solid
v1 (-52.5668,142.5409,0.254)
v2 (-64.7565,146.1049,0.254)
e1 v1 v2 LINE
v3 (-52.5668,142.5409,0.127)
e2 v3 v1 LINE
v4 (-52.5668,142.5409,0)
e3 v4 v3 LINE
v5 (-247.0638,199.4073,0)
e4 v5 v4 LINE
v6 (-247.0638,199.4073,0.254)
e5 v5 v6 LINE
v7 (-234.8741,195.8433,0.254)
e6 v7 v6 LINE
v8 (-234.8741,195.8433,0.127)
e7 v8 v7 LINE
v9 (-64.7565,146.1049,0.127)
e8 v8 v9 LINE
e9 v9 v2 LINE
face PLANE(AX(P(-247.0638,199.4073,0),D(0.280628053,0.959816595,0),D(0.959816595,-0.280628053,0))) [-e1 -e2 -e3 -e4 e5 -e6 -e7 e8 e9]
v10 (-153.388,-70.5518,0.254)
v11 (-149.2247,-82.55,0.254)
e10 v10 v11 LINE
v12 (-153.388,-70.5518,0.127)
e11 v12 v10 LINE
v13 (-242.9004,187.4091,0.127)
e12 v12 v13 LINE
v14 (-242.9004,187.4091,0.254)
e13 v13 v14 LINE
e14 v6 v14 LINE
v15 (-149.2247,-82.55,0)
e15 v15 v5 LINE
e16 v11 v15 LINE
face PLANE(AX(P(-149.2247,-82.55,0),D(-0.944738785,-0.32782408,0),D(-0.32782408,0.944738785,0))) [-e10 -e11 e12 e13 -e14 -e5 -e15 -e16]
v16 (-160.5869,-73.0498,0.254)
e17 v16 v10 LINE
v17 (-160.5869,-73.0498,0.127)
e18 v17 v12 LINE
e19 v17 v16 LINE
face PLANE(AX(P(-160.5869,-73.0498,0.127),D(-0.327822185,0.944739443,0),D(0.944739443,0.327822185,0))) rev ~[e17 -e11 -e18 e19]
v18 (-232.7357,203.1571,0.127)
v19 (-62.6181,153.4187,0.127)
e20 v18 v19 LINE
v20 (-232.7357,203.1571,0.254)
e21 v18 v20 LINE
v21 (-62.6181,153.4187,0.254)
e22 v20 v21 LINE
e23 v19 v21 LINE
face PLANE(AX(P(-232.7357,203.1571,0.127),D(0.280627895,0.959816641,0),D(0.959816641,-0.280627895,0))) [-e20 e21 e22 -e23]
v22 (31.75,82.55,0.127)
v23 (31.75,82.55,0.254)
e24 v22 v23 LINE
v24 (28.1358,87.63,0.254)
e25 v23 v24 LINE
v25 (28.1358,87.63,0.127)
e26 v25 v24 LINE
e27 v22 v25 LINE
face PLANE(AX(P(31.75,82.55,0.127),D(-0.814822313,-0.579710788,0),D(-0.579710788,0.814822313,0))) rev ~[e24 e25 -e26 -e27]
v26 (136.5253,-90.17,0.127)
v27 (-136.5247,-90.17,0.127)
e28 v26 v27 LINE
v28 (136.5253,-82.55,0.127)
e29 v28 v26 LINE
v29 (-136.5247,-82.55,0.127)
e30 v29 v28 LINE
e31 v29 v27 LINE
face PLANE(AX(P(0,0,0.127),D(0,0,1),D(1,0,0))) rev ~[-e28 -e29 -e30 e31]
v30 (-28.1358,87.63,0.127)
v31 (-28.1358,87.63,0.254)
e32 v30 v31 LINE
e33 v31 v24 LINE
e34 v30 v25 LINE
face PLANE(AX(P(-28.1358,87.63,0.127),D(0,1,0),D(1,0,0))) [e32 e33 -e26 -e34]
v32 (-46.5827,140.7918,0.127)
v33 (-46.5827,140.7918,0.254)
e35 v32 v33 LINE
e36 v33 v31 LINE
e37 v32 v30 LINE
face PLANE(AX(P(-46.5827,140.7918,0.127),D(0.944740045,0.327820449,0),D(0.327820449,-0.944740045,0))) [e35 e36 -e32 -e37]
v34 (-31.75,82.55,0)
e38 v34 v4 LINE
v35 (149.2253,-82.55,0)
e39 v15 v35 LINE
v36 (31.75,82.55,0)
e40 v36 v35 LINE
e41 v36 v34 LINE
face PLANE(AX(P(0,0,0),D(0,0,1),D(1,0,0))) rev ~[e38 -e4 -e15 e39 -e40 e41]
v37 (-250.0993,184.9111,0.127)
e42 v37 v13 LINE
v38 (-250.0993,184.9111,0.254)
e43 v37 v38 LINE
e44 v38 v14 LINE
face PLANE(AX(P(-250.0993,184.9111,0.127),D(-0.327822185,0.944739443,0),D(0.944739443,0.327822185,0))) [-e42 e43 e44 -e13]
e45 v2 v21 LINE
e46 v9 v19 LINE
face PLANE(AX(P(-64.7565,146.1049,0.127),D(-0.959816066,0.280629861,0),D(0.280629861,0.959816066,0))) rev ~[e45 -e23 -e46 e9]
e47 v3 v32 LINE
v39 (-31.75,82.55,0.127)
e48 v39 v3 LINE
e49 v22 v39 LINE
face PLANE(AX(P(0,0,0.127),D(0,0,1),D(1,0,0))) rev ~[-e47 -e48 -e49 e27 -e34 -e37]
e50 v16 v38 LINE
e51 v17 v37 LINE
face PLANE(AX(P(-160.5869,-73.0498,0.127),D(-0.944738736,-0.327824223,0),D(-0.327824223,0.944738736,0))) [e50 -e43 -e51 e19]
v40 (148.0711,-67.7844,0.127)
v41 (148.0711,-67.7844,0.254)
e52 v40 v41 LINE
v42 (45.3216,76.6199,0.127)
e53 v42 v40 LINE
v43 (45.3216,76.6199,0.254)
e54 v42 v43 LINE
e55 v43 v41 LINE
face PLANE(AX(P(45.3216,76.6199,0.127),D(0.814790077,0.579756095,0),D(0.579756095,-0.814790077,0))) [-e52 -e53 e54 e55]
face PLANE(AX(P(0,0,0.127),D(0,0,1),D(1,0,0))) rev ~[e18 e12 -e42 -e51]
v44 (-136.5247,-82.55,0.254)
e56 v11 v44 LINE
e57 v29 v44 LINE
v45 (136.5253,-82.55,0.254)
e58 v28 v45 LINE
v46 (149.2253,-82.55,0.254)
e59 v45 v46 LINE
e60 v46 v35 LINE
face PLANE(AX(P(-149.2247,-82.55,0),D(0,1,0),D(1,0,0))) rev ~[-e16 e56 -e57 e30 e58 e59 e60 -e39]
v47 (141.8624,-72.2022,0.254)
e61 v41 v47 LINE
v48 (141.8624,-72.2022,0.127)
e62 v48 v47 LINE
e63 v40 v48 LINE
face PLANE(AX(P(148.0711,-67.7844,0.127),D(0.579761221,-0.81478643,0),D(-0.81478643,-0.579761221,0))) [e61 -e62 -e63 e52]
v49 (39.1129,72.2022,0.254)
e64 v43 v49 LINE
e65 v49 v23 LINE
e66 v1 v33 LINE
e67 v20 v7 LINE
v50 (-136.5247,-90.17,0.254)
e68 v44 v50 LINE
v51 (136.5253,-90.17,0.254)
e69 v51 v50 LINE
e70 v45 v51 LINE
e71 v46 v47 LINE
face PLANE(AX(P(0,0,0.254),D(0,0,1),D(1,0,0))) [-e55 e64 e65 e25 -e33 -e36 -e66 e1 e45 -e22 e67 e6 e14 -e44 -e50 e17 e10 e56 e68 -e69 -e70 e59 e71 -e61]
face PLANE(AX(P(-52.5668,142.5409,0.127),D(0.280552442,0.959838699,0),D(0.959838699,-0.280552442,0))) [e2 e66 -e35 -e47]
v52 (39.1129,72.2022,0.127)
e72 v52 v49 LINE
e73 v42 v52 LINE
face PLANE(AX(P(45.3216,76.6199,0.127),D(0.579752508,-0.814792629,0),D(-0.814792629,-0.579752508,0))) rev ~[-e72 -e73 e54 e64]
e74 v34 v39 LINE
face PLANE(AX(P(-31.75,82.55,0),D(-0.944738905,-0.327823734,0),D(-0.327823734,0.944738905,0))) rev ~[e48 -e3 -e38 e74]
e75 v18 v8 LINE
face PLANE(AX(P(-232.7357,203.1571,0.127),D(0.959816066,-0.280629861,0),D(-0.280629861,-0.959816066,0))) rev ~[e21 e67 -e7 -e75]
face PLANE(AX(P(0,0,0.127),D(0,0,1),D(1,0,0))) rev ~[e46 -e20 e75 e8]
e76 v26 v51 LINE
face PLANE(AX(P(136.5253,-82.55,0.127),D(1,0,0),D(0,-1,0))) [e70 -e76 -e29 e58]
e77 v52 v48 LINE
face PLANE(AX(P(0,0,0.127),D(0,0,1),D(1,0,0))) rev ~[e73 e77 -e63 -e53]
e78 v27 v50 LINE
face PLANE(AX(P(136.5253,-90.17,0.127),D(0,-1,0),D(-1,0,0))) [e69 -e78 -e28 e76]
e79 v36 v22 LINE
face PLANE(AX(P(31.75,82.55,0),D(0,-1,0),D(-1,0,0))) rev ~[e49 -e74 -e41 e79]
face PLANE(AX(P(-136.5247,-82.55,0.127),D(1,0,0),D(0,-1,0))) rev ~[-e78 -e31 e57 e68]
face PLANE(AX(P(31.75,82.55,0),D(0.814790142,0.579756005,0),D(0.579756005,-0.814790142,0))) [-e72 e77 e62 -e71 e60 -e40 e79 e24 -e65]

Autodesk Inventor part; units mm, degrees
ref_plane "YZ Plane" through (0, 0, 0) normal (1, 0, 0) x (0, 1, 0)
ref_plane "XZ Plane" through (0, 0, 0) normal (0, 1, 0) x (-1, 0, 0)
ref_plane "XY Plane" through (0, 0, 0) normal (0, 0, 1) x (1, 0, 0)
sketch "Sketch1" plane through (0, 0, 0) normal (0, 0, 1) x (1, 0, 0)
  line L0 (-149.2247, -82.55) -> (149.2253, -82.55)
  line L1 (31.75, 82.55) -> (-31.75, 82.55)
  line L2 (31.75, 82.55) -> (149.2253, -82.55)
  line L3 (-31.75, 82.55) -> (-149.2247, -82.55)
  line L4 (-149.2247, -82.55) -> (-247.0638, 199.4073)
  line L5 (-31.75, 82.55) -> (-52.5668, 142.5409)
  line L6 (-247.0638, 199.4073) -> (-52.5668, 142.5409)
  point P0 (0, 0)
  point P1 (0, 82.55)
  point P2 (-90.4873, 0)
  dimension "d1" = 298.45
  dimension "d2" = 63.5
  dimension "d3" = 165.1
  dimension "d4" = 202.6285
  dimension "d5" = 202.6289
  dimension "d31" = 125.433
  dimension "d32" = 125.433
  dimension "d33" = 54.567
  dimension "d34" = 54.567
  dimension "d35" = 54.57
  dimension "d36" = 298.45
  dimension "d37" = 125.43
  dimension "d38" = 63.5
  dimension "d39" = 202.6397
  dimension "d40" = 54.566
  dimension "d41" = 125.434
extrude "Extrusion2" add sketch "Sketch1" along normal blind 0.127
sketch "Sketch3" plane through (0, 0, 0.127) normal (0, 0, 1) x (1, 0, 0)
  line L0 (31.75, 82.55) -> (-31.75, 82.55) projected
  line L1 (-31.75, 82.55) -> (31.75, 82.55)
  line L2 (-31.75, 82.55) -> (-28.1358, 87.63)
  line L3 (31.75, 82.55) -> (28.1358, 87.63)
  line L4 (-28.1358, 87.63) -> (28.1358, 87.63)
  line L5 (-31.75, 82.55) -> (-52.5668, 142.5409) projected
  line L6 (-52.5668, 142.5409) -> (-46.5827, 140.7918)
  line L7 (-46.5827, 140.7918) -> (-28.1358, 87.63)
  line L8 (-149.2247, -82.55) -> (149.2253, -82.55) projected
  line L9 (-52.5668, 142.5409) -> (-247.0638, 199.4073) projected
  line L10 (-247.0638, 199.4073) -> (-149.2247, -82.55) projected
  line L11 (136.5253, -90.17) -> (-136.5247, -90.17)
  line L12 (-247.0638, 199.4073) -> (-149.2247, -82.55) projected
  line L13 (-160.5869, -73.0498) -> (-250.0993, 184.9111)
  line L14 (-232.7357, 203.1571) -> (-62.6181, 153.4187)
  line L15 (-31.75, 82.55) -> (31.75, 82.55)
  line L16 (149.2253, -82.55) -> (31.75, 82.55) projected
  line L17 (45.3216, 76.6199) -> (148.0711, -67.7844)
  line L18 (31.75, 82.55) -> (149.2253, -82.55)
  line L19 (-52.5668, 142.5409) -> (-31.75, 82.55)
  line L20 (-46.5827, 140.7918) -> (-28.1358, 87.63)
  line L21 (-28.1358, 87.63) -> (28.1358, 87.63)
  line L22 (-232.7357, 203.1571) -> (-234.8741, 195.8433)
  line L23 (-64.7565, 146.1049) -> (-62.6181, 153.4187)
  line L24 (-250.0993, 184.9111) -> (-242.9004, 187.4091)
  line L25 (-160.5869, -73.0498) -> (-153.388, -70.5518)
  line L26 (-136.5247, -82.55) -> (-136.5247, -90.17)
  line L27 (136.5253, -82.55) -> (136.5253, -90.17)
  line L28 (148.0711, -67.7844) -> (141.8624, -72.2022)
  line L29 (45.3216, 76.6199) -> (39.1129, 72.2022)
  point P0 (0, 0)
  dimension "d45" = 54.57
  dimension "d46" = 5.08
  dimension "d47" = 54.57
  dimension "d48" = 54.57
  dimension "d51" = 5.08
  dimension "d68" = 7.62
  dimension "d84" = 7.62
  dimension "d89" = 90
  dimension "d90" = 12.7
  dimension "d91" = 7.62
  dimension "d93" = 90
  dimension "d94" = 12.7
  dimension "d95" = 12.7
  dimension "d97" = 12.7
  dimension "d98" = 90
  dimension "d99" = 90
  dimension "d100" = 7.62
  dimension "d101" = 12.7
  dimension "d102" = 12.7
  dimension "d103" = 7.62
  dimension "d104" = 7.62
  dimension "d105" = 12.7
  dimension "d106" = 12.7
  dimension "d107" = 7.62
  dimension "d108" = 7.62
  dimension "d109" = 90
extrude "Extrusion4" add sketch "Sketch3" along normal blind 0.127
sketch "Sketch5" plane through (0, 0, 0.254) normal (0, 0, 1) x (1, 0, 0)
  line L0 (31.75, 82.55) -> (-31.75, 82.55) projected
  line L1 (31.75, 82.55) -> (-31.75, 82.55)
  line L2 (-149.2247, -82.55) -> (149.2253, -82.55) projected
  line L3 (31.75, 82.55) -> (149.2253, -82.55)
  line L4 (149.2253, -82.55) -> (-149.2247, -82.55)
  line L5 (-242.9004, 187.4091) -> (-149.2247, -82.55) projected
  line L6 (-149.2247, -82.55) -> (-247.0638, 199.4073)
  line L7 (-247.0638, 199.4073) -> (-52.5668, 142.5409)
  line L8 (-31.75, 82.55) -> (-52.5668, 142.5409) projected
  line L9 (-52.5668, 142.5409) -> (-31.75, 82.55)
  line L10 (-31.75, 82.55) -> (-28.1358, 87.63)
  line L11 (-31.75, 82.55) -> (-149.2247, -82.55)
properties part number "DELL screen 3D hologram piece"
